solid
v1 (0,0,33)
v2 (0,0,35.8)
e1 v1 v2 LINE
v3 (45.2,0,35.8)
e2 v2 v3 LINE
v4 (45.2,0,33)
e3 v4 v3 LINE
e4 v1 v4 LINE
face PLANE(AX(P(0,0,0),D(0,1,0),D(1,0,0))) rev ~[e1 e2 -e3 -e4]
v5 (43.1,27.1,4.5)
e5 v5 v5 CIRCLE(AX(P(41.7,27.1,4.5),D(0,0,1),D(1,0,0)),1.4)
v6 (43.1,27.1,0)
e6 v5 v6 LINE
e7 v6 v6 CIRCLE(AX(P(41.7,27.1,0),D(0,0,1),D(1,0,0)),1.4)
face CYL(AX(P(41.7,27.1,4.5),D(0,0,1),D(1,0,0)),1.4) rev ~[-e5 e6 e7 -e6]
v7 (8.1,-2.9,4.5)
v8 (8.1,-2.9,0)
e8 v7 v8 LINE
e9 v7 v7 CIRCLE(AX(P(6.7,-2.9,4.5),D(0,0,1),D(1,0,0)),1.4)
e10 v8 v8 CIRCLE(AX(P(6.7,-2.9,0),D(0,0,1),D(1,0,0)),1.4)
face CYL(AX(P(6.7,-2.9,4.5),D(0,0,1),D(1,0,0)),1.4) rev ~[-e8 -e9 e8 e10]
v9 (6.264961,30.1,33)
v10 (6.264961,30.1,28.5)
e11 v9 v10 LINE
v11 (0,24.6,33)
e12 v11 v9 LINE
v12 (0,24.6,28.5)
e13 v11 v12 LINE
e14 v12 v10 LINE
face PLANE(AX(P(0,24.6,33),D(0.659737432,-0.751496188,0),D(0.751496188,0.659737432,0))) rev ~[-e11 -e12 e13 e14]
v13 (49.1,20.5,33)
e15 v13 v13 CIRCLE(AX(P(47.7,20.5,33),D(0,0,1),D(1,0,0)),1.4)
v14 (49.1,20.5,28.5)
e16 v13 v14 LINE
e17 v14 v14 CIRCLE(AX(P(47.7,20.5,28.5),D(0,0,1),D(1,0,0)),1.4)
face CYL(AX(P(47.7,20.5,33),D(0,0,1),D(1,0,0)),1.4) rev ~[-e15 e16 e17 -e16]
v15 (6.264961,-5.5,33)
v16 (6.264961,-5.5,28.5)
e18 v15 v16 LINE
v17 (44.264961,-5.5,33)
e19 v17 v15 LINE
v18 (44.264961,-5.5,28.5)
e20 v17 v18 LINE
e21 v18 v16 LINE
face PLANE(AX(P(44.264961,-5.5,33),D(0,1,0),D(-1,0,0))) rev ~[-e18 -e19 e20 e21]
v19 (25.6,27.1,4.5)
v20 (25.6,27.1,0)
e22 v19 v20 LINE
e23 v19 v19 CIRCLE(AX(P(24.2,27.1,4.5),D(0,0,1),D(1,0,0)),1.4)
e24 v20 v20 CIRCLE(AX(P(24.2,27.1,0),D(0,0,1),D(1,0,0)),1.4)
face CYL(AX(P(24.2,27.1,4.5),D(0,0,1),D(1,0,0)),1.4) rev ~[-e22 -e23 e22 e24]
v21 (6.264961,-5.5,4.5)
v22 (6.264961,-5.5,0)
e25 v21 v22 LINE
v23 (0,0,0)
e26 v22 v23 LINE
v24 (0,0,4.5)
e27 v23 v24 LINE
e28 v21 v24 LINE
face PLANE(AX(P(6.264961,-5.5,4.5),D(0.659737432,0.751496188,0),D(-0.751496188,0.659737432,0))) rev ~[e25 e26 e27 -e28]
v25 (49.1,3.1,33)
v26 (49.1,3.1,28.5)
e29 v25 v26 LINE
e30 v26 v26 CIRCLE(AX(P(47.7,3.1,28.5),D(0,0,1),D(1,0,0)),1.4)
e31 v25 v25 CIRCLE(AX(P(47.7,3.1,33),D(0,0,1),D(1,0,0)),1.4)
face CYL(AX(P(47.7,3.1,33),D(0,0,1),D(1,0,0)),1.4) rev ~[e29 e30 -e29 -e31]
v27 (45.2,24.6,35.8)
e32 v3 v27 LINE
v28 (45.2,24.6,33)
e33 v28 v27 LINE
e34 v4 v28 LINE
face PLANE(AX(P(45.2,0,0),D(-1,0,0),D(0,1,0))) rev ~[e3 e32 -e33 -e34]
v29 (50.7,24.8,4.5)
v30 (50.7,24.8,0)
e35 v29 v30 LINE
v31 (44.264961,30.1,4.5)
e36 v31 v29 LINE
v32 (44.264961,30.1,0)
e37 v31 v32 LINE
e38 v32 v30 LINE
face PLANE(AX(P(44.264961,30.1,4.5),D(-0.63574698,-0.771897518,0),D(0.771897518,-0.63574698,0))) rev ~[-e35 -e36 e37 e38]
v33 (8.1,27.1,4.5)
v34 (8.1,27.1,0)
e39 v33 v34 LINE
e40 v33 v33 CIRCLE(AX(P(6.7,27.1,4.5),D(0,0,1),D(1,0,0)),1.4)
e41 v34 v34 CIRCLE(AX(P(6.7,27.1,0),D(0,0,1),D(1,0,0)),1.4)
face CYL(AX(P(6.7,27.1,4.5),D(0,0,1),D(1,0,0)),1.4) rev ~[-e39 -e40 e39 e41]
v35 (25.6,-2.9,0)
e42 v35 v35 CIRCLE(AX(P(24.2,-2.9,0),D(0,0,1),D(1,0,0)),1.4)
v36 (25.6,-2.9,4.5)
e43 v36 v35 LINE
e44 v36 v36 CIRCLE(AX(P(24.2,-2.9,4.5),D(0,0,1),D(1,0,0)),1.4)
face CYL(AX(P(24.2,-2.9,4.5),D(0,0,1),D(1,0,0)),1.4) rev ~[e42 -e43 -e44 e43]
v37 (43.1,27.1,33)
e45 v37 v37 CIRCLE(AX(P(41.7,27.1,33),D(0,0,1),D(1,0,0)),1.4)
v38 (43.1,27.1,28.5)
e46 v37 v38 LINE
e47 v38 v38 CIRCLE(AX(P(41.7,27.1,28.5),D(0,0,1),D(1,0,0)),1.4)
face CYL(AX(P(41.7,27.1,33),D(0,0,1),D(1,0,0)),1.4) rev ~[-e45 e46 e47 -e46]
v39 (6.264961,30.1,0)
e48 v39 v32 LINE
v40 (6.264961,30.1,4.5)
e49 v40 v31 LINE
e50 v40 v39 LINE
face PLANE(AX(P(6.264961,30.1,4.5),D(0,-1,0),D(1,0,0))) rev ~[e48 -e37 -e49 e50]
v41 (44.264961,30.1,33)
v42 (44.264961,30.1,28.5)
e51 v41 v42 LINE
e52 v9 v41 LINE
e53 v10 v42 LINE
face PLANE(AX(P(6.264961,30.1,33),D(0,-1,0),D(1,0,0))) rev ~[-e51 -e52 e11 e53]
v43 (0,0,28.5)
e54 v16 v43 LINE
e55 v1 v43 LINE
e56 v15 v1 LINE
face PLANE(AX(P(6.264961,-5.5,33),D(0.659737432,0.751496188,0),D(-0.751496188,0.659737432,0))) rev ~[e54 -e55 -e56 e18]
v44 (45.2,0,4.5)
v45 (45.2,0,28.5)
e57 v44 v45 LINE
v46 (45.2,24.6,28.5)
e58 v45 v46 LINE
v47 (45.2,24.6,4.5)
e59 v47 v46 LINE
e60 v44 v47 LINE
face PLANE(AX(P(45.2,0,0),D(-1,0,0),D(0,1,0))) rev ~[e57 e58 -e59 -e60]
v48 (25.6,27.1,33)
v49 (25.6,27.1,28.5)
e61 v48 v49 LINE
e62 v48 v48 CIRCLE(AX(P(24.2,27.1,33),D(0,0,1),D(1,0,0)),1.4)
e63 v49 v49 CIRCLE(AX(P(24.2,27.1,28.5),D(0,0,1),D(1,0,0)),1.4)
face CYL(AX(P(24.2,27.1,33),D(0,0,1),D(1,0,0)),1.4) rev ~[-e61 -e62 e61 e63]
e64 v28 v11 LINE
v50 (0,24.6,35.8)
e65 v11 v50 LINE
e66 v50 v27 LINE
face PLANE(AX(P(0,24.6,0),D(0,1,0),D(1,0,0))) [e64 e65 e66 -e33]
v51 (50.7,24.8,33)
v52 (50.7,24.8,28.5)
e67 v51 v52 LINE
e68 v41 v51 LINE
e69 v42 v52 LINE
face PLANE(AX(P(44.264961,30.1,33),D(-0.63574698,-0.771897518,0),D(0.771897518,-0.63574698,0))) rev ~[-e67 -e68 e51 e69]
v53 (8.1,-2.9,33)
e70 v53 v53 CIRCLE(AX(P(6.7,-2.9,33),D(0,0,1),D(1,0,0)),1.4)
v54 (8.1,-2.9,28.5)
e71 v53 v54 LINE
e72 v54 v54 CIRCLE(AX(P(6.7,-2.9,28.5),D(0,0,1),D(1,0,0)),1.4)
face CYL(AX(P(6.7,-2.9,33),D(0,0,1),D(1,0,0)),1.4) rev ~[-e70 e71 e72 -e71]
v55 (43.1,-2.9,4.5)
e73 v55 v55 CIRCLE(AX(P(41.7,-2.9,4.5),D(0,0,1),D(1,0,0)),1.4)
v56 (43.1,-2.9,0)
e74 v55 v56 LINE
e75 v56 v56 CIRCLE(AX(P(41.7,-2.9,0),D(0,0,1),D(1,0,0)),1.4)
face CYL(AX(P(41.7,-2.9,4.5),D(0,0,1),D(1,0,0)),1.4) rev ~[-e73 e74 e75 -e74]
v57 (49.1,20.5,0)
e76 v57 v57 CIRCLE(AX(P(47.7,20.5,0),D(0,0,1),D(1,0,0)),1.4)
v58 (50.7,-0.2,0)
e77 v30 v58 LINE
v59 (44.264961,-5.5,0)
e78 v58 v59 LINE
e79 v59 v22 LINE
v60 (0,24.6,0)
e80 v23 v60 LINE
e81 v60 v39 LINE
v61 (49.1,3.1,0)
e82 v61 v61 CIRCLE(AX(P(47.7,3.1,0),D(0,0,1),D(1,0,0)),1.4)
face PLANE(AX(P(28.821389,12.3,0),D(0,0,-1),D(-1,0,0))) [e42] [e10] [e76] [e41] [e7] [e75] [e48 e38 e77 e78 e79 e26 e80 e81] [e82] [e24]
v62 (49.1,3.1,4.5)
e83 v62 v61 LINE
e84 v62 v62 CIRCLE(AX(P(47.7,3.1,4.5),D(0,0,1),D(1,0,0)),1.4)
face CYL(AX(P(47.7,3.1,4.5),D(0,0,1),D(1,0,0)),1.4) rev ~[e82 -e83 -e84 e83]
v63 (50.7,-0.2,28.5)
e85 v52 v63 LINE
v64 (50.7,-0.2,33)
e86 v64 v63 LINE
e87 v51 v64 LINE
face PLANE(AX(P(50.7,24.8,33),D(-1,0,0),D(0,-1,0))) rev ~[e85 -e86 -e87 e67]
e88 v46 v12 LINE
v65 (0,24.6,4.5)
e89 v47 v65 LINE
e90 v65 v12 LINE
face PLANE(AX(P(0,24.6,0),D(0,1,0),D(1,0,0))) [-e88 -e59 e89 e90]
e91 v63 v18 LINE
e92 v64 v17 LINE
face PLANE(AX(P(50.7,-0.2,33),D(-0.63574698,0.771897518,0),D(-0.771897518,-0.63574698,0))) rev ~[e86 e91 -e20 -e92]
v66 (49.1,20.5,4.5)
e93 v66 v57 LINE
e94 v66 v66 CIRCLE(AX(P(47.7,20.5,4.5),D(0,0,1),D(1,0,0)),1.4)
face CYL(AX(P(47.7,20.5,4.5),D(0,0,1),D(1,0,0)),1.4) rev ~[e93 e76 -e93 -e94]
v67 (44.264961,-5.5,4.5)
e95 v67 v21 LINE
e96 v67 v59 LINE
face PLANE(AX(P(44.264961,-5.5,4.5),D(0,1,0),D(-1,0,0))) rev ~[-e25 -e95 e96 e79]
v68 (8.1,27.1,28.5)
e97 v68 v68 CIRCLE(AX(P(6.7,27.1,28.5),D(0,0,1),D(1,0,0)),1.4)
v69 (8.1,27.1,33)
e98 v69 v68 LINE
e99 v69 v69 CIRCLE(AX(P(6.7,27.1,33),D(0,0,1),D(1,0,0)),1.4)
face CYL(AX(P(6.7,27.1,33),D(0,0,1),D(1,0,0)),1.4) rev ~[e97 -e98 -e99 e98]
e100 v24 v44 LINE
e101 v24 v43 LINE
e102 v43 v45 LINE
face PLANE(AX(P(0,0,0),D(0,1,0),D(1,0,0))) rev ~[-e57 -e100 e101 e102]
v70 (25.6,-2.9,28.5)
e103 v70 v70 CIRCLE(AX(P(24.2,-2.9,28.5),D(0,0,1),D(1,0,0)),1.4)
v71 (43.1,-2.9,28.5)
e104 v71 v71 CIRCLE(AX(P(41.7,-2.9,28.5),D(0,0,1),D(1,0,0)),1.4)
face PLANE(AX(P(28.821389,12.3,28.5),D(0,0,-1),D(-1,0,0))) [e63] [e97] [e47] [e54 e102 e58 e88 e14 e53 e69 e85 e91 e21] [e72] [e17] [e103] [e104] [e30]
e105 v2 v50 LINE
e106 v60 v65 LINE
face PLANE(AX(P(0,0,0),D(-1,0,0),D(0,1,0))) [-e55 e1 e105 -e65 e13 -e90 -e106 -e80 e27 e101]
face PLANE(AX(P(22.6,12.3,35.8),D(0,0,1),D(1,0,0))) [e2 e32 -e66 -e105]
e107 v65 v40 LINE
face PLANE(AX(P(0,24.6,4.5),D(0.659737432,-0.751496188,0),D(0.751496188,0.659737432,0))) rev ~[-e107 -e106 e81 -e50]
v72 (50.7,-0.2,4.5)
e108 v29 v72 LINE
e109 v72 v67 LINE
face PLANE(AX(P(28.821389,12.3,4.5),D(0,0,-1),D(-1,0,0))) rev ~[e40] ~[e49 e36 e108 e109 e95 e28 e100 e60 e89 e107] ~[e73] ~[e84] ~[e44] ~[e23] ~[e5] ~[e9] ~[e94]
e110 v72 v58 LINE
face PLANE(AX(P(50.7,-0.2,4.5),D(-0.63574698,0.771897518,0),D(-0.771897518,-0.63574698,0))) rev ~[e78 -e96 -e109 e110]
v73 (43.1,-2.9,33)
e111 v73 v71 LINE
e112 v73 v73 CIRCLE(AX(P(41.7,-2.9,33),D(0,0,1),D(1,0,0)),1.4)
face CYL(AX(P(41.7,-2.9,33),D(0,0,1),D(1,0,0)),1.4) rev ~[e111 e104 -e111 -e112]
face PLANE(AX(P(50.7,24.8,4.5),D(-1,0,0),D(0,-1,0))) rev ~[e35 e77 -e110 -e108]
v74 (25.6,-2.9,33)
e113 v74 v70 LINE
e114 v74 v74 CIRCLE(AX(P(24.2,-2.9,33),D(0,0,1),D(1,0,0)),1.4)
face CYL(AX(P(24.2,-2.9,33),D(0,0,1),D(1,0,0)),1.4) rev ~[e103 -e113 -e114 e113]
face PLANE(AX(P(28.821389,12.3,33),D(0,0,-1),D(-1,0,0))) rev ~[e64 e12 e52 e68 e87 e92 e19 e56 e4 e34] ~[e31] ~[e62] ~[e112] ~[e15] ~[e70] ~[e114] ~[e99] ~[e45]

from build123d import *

# Parameters (mm, degrees)
SKETCH1_W                 = 45.2
SKETCH1_H                 = 24.6
BOSS_EXTRUDE1_DEPTH       = 35.8
BOSS_EXTRUDE2_DEPTH       = 4.5
SKETCH4_R                 = 1.4
CUT_EXTRUDE1_DEPTH        = 68.568483778
LPATTERN1_COUNT           = 3
LPATTERN1_PITCH           = 17.5
LPATTERN1_COUNT_DIR2      = 2
LPATTERN1_PITCH_DIR2      = 30
SKETCH6_R                 = 1.4
CUT_EXTRUDE2_DEPTH        = 68.568483778
LPATTERN2_COUNT           = 2
LPATTERN2_PITCH           = 28.5
LPATTERN2_COPY_1_SKETCH_R = 1.4
LPATTERN2_COPY_1_DEPTH    = 68.568483778
LPATTERN2_COPY_2_SKETCH_R = 1.4
LPATTERN2_COPY_2_DEPTH    = 68.568483778
LPATTERN2_COPY_3_SKETCH_R = 1.4
LPATTERN2_COPY_3_DEPTH    = 68.568483778
LPATTERN2_COPY_4_SKETCH_R = 1.4
LPATTERN2_COPY_4_DEPTH    = 68.568483778
LPATTERN2_COPY_5_SKETCH_R = 1.4
LPATTERN2_COPY_5_DEPTH    = 68.568483778


with BuildPart() as part:
    # Sketch1 → Boss-Extrude1 (new body)
    with BuildSketch(Plane.XY):
        with Locations((22.6, 12.3)):
            Rectangle(SKETCH1_W, SKETCH1_H)
    extrude(amount=BOSS_EXTRUDE1_DEPTH)

    # Sketch3 → Boss-Extrude2 (add)
    with BuildSketch(Plane.XY.offset(33)):
        Polygon((0, 24.6), (6.26496063, 30.1), (44.26496063, 30.1), (50.7, 24.8), (50.7, -0.2), (44.26496063, -5.5), (6.26496063, -5.5), (0, 0), (45.2, 0), (45.2, 24.6), align=None)
    boss_extrude2 = extrude(amount=-BOSS_EXTRUDE2_DEPTH)

    # Sketch4 → Cut-Extrude1 (cut, through all)
    with BuildSketch(Plane.XY.offset(33)):
        with Locations((6.7, 27.1)):
            Circle(SKETCH4_R)
    cut_extrude1 = extrude(amount=-CUT_EXTRUDE1_DEPTH, mode=Mode.SUBTRACT)

    # LPattern1: Cut-Extrude1 3 × 2
    with Locations(*[(i * LPATTERN1_PITCH, -j * LPATTERN1_PITCH_DIR2, 0) for i in range(LPATTERN1_COUNT) for j in range(LPATTERN1_COUNT_DIR2) if (i, j) != (0, 0)]):
        add(cut_extrude1, mode=Mode.SUBTRACT)

    # Sketch6 → Cut-Extrude2 (cut, through all)
    with BuildSketch(Plane.XY.offset(33)):
        with Locations((47.7, 20.5)):
            Circle(SKETCH6_R)
        with Locations((47.7, 3.1)):
            Circle(SKETCH6_R)
    cut_extrude2 = extrude(amount=-CUT_EXTRUDE2_DEPTH, mode=Mode.SUBTRACT)

    # LPattern2: Boss-Extrude2, Cut-Extrude1, Cut-Extrude2 ×2
    with Locations(*[(0, 0, -i * LPATTERN2_PITCH) for i in range(1, LPATTERN2_COUNT)]):
        add(boss_extrude2)
        add(cut_extrude1, mode=Mode.SUBTRACT)
        add(cut_extrude2, mode=Mode.SUBTRACT)

    # LPattern2 copy 1 sketch → LPattern2 copy 1 (cut, through all)
    with BuildSketch(Plane(origin=(0, -30, 4.5), x_dir=(1, 0, 0), z_dir=(0, 0, 1))):
        with Locations((6.7, 27.1)):
            Circle(LPATTERN2_COPY_1_SKETCH_R)
    extrude(amount=-LPATTERN2_COPY_1_DEPTH, mode=Mode.SUBTRACT)

    # LPattern2 copy 2 sketch → LPattern2 copy 2 (cut, through all)
    with BuildSketch(Plane(origin=(17.5, 0, 4.5), x_dir=(1, 0, 0), z_dir=(0, 0, 1))):
        with Locations((6.7, 27.1)):
            Circle(LPATTERN2_COPY_2_SKETCH_R)
    extrude(amount=-LPATTERN2_COPY_2_DEPTH, mode=Mode.SUBTRACT)

    # LPattern2 copy 3 sketch → LPattern2 copy 3 (cut, through all)
    with BuildSketch(Plane(origin=(17.5, -30, 4.5), x_dir=(1, 0, 0), z_dir=(0, 0, 1))):
        with Locations((6.7, 27.1)):
            Circle(LPATTERN2_COPY_3_SKETCH_R)
    extrude(amount=-LPATTERN2_COPY_3_DEPTH, mode=Mode.SUBTRACT)

    # LPattern2 copy 4 sketch → LPattern2 copy 4 (cut, through all)
    with BuildSketch(Plane(origin=(35, 0, 4.5), x_dir=(1, 0, 0), z_dir=(0, 0, 1))):
        with Locations((6.7, 27.1)):
            Circle(LPATTERN2_COPY_4_SKETCH_R)
    extrude(amount=-LPATTERN2_COPY_4_DEPTH, mode=Mode.SUBTRACT)

    # LPattern2 copy 5 sketch → LPattern2 copy 5 (cut, through all)
    with BuildSketch(Plane(origin=(35, -30, 4.5), x_dir=(1, 0, 0), z_dir=(0, 0, 1))):
        with Locations((6.7, 27.1)):
            Circle(LPATTERN2_COPY_5_SKETCH_R)
    extrude(amount=-LPATTERN2_COPY_5_DEPTH, mode=Mode.SUBTRACT)


solid = part.part
